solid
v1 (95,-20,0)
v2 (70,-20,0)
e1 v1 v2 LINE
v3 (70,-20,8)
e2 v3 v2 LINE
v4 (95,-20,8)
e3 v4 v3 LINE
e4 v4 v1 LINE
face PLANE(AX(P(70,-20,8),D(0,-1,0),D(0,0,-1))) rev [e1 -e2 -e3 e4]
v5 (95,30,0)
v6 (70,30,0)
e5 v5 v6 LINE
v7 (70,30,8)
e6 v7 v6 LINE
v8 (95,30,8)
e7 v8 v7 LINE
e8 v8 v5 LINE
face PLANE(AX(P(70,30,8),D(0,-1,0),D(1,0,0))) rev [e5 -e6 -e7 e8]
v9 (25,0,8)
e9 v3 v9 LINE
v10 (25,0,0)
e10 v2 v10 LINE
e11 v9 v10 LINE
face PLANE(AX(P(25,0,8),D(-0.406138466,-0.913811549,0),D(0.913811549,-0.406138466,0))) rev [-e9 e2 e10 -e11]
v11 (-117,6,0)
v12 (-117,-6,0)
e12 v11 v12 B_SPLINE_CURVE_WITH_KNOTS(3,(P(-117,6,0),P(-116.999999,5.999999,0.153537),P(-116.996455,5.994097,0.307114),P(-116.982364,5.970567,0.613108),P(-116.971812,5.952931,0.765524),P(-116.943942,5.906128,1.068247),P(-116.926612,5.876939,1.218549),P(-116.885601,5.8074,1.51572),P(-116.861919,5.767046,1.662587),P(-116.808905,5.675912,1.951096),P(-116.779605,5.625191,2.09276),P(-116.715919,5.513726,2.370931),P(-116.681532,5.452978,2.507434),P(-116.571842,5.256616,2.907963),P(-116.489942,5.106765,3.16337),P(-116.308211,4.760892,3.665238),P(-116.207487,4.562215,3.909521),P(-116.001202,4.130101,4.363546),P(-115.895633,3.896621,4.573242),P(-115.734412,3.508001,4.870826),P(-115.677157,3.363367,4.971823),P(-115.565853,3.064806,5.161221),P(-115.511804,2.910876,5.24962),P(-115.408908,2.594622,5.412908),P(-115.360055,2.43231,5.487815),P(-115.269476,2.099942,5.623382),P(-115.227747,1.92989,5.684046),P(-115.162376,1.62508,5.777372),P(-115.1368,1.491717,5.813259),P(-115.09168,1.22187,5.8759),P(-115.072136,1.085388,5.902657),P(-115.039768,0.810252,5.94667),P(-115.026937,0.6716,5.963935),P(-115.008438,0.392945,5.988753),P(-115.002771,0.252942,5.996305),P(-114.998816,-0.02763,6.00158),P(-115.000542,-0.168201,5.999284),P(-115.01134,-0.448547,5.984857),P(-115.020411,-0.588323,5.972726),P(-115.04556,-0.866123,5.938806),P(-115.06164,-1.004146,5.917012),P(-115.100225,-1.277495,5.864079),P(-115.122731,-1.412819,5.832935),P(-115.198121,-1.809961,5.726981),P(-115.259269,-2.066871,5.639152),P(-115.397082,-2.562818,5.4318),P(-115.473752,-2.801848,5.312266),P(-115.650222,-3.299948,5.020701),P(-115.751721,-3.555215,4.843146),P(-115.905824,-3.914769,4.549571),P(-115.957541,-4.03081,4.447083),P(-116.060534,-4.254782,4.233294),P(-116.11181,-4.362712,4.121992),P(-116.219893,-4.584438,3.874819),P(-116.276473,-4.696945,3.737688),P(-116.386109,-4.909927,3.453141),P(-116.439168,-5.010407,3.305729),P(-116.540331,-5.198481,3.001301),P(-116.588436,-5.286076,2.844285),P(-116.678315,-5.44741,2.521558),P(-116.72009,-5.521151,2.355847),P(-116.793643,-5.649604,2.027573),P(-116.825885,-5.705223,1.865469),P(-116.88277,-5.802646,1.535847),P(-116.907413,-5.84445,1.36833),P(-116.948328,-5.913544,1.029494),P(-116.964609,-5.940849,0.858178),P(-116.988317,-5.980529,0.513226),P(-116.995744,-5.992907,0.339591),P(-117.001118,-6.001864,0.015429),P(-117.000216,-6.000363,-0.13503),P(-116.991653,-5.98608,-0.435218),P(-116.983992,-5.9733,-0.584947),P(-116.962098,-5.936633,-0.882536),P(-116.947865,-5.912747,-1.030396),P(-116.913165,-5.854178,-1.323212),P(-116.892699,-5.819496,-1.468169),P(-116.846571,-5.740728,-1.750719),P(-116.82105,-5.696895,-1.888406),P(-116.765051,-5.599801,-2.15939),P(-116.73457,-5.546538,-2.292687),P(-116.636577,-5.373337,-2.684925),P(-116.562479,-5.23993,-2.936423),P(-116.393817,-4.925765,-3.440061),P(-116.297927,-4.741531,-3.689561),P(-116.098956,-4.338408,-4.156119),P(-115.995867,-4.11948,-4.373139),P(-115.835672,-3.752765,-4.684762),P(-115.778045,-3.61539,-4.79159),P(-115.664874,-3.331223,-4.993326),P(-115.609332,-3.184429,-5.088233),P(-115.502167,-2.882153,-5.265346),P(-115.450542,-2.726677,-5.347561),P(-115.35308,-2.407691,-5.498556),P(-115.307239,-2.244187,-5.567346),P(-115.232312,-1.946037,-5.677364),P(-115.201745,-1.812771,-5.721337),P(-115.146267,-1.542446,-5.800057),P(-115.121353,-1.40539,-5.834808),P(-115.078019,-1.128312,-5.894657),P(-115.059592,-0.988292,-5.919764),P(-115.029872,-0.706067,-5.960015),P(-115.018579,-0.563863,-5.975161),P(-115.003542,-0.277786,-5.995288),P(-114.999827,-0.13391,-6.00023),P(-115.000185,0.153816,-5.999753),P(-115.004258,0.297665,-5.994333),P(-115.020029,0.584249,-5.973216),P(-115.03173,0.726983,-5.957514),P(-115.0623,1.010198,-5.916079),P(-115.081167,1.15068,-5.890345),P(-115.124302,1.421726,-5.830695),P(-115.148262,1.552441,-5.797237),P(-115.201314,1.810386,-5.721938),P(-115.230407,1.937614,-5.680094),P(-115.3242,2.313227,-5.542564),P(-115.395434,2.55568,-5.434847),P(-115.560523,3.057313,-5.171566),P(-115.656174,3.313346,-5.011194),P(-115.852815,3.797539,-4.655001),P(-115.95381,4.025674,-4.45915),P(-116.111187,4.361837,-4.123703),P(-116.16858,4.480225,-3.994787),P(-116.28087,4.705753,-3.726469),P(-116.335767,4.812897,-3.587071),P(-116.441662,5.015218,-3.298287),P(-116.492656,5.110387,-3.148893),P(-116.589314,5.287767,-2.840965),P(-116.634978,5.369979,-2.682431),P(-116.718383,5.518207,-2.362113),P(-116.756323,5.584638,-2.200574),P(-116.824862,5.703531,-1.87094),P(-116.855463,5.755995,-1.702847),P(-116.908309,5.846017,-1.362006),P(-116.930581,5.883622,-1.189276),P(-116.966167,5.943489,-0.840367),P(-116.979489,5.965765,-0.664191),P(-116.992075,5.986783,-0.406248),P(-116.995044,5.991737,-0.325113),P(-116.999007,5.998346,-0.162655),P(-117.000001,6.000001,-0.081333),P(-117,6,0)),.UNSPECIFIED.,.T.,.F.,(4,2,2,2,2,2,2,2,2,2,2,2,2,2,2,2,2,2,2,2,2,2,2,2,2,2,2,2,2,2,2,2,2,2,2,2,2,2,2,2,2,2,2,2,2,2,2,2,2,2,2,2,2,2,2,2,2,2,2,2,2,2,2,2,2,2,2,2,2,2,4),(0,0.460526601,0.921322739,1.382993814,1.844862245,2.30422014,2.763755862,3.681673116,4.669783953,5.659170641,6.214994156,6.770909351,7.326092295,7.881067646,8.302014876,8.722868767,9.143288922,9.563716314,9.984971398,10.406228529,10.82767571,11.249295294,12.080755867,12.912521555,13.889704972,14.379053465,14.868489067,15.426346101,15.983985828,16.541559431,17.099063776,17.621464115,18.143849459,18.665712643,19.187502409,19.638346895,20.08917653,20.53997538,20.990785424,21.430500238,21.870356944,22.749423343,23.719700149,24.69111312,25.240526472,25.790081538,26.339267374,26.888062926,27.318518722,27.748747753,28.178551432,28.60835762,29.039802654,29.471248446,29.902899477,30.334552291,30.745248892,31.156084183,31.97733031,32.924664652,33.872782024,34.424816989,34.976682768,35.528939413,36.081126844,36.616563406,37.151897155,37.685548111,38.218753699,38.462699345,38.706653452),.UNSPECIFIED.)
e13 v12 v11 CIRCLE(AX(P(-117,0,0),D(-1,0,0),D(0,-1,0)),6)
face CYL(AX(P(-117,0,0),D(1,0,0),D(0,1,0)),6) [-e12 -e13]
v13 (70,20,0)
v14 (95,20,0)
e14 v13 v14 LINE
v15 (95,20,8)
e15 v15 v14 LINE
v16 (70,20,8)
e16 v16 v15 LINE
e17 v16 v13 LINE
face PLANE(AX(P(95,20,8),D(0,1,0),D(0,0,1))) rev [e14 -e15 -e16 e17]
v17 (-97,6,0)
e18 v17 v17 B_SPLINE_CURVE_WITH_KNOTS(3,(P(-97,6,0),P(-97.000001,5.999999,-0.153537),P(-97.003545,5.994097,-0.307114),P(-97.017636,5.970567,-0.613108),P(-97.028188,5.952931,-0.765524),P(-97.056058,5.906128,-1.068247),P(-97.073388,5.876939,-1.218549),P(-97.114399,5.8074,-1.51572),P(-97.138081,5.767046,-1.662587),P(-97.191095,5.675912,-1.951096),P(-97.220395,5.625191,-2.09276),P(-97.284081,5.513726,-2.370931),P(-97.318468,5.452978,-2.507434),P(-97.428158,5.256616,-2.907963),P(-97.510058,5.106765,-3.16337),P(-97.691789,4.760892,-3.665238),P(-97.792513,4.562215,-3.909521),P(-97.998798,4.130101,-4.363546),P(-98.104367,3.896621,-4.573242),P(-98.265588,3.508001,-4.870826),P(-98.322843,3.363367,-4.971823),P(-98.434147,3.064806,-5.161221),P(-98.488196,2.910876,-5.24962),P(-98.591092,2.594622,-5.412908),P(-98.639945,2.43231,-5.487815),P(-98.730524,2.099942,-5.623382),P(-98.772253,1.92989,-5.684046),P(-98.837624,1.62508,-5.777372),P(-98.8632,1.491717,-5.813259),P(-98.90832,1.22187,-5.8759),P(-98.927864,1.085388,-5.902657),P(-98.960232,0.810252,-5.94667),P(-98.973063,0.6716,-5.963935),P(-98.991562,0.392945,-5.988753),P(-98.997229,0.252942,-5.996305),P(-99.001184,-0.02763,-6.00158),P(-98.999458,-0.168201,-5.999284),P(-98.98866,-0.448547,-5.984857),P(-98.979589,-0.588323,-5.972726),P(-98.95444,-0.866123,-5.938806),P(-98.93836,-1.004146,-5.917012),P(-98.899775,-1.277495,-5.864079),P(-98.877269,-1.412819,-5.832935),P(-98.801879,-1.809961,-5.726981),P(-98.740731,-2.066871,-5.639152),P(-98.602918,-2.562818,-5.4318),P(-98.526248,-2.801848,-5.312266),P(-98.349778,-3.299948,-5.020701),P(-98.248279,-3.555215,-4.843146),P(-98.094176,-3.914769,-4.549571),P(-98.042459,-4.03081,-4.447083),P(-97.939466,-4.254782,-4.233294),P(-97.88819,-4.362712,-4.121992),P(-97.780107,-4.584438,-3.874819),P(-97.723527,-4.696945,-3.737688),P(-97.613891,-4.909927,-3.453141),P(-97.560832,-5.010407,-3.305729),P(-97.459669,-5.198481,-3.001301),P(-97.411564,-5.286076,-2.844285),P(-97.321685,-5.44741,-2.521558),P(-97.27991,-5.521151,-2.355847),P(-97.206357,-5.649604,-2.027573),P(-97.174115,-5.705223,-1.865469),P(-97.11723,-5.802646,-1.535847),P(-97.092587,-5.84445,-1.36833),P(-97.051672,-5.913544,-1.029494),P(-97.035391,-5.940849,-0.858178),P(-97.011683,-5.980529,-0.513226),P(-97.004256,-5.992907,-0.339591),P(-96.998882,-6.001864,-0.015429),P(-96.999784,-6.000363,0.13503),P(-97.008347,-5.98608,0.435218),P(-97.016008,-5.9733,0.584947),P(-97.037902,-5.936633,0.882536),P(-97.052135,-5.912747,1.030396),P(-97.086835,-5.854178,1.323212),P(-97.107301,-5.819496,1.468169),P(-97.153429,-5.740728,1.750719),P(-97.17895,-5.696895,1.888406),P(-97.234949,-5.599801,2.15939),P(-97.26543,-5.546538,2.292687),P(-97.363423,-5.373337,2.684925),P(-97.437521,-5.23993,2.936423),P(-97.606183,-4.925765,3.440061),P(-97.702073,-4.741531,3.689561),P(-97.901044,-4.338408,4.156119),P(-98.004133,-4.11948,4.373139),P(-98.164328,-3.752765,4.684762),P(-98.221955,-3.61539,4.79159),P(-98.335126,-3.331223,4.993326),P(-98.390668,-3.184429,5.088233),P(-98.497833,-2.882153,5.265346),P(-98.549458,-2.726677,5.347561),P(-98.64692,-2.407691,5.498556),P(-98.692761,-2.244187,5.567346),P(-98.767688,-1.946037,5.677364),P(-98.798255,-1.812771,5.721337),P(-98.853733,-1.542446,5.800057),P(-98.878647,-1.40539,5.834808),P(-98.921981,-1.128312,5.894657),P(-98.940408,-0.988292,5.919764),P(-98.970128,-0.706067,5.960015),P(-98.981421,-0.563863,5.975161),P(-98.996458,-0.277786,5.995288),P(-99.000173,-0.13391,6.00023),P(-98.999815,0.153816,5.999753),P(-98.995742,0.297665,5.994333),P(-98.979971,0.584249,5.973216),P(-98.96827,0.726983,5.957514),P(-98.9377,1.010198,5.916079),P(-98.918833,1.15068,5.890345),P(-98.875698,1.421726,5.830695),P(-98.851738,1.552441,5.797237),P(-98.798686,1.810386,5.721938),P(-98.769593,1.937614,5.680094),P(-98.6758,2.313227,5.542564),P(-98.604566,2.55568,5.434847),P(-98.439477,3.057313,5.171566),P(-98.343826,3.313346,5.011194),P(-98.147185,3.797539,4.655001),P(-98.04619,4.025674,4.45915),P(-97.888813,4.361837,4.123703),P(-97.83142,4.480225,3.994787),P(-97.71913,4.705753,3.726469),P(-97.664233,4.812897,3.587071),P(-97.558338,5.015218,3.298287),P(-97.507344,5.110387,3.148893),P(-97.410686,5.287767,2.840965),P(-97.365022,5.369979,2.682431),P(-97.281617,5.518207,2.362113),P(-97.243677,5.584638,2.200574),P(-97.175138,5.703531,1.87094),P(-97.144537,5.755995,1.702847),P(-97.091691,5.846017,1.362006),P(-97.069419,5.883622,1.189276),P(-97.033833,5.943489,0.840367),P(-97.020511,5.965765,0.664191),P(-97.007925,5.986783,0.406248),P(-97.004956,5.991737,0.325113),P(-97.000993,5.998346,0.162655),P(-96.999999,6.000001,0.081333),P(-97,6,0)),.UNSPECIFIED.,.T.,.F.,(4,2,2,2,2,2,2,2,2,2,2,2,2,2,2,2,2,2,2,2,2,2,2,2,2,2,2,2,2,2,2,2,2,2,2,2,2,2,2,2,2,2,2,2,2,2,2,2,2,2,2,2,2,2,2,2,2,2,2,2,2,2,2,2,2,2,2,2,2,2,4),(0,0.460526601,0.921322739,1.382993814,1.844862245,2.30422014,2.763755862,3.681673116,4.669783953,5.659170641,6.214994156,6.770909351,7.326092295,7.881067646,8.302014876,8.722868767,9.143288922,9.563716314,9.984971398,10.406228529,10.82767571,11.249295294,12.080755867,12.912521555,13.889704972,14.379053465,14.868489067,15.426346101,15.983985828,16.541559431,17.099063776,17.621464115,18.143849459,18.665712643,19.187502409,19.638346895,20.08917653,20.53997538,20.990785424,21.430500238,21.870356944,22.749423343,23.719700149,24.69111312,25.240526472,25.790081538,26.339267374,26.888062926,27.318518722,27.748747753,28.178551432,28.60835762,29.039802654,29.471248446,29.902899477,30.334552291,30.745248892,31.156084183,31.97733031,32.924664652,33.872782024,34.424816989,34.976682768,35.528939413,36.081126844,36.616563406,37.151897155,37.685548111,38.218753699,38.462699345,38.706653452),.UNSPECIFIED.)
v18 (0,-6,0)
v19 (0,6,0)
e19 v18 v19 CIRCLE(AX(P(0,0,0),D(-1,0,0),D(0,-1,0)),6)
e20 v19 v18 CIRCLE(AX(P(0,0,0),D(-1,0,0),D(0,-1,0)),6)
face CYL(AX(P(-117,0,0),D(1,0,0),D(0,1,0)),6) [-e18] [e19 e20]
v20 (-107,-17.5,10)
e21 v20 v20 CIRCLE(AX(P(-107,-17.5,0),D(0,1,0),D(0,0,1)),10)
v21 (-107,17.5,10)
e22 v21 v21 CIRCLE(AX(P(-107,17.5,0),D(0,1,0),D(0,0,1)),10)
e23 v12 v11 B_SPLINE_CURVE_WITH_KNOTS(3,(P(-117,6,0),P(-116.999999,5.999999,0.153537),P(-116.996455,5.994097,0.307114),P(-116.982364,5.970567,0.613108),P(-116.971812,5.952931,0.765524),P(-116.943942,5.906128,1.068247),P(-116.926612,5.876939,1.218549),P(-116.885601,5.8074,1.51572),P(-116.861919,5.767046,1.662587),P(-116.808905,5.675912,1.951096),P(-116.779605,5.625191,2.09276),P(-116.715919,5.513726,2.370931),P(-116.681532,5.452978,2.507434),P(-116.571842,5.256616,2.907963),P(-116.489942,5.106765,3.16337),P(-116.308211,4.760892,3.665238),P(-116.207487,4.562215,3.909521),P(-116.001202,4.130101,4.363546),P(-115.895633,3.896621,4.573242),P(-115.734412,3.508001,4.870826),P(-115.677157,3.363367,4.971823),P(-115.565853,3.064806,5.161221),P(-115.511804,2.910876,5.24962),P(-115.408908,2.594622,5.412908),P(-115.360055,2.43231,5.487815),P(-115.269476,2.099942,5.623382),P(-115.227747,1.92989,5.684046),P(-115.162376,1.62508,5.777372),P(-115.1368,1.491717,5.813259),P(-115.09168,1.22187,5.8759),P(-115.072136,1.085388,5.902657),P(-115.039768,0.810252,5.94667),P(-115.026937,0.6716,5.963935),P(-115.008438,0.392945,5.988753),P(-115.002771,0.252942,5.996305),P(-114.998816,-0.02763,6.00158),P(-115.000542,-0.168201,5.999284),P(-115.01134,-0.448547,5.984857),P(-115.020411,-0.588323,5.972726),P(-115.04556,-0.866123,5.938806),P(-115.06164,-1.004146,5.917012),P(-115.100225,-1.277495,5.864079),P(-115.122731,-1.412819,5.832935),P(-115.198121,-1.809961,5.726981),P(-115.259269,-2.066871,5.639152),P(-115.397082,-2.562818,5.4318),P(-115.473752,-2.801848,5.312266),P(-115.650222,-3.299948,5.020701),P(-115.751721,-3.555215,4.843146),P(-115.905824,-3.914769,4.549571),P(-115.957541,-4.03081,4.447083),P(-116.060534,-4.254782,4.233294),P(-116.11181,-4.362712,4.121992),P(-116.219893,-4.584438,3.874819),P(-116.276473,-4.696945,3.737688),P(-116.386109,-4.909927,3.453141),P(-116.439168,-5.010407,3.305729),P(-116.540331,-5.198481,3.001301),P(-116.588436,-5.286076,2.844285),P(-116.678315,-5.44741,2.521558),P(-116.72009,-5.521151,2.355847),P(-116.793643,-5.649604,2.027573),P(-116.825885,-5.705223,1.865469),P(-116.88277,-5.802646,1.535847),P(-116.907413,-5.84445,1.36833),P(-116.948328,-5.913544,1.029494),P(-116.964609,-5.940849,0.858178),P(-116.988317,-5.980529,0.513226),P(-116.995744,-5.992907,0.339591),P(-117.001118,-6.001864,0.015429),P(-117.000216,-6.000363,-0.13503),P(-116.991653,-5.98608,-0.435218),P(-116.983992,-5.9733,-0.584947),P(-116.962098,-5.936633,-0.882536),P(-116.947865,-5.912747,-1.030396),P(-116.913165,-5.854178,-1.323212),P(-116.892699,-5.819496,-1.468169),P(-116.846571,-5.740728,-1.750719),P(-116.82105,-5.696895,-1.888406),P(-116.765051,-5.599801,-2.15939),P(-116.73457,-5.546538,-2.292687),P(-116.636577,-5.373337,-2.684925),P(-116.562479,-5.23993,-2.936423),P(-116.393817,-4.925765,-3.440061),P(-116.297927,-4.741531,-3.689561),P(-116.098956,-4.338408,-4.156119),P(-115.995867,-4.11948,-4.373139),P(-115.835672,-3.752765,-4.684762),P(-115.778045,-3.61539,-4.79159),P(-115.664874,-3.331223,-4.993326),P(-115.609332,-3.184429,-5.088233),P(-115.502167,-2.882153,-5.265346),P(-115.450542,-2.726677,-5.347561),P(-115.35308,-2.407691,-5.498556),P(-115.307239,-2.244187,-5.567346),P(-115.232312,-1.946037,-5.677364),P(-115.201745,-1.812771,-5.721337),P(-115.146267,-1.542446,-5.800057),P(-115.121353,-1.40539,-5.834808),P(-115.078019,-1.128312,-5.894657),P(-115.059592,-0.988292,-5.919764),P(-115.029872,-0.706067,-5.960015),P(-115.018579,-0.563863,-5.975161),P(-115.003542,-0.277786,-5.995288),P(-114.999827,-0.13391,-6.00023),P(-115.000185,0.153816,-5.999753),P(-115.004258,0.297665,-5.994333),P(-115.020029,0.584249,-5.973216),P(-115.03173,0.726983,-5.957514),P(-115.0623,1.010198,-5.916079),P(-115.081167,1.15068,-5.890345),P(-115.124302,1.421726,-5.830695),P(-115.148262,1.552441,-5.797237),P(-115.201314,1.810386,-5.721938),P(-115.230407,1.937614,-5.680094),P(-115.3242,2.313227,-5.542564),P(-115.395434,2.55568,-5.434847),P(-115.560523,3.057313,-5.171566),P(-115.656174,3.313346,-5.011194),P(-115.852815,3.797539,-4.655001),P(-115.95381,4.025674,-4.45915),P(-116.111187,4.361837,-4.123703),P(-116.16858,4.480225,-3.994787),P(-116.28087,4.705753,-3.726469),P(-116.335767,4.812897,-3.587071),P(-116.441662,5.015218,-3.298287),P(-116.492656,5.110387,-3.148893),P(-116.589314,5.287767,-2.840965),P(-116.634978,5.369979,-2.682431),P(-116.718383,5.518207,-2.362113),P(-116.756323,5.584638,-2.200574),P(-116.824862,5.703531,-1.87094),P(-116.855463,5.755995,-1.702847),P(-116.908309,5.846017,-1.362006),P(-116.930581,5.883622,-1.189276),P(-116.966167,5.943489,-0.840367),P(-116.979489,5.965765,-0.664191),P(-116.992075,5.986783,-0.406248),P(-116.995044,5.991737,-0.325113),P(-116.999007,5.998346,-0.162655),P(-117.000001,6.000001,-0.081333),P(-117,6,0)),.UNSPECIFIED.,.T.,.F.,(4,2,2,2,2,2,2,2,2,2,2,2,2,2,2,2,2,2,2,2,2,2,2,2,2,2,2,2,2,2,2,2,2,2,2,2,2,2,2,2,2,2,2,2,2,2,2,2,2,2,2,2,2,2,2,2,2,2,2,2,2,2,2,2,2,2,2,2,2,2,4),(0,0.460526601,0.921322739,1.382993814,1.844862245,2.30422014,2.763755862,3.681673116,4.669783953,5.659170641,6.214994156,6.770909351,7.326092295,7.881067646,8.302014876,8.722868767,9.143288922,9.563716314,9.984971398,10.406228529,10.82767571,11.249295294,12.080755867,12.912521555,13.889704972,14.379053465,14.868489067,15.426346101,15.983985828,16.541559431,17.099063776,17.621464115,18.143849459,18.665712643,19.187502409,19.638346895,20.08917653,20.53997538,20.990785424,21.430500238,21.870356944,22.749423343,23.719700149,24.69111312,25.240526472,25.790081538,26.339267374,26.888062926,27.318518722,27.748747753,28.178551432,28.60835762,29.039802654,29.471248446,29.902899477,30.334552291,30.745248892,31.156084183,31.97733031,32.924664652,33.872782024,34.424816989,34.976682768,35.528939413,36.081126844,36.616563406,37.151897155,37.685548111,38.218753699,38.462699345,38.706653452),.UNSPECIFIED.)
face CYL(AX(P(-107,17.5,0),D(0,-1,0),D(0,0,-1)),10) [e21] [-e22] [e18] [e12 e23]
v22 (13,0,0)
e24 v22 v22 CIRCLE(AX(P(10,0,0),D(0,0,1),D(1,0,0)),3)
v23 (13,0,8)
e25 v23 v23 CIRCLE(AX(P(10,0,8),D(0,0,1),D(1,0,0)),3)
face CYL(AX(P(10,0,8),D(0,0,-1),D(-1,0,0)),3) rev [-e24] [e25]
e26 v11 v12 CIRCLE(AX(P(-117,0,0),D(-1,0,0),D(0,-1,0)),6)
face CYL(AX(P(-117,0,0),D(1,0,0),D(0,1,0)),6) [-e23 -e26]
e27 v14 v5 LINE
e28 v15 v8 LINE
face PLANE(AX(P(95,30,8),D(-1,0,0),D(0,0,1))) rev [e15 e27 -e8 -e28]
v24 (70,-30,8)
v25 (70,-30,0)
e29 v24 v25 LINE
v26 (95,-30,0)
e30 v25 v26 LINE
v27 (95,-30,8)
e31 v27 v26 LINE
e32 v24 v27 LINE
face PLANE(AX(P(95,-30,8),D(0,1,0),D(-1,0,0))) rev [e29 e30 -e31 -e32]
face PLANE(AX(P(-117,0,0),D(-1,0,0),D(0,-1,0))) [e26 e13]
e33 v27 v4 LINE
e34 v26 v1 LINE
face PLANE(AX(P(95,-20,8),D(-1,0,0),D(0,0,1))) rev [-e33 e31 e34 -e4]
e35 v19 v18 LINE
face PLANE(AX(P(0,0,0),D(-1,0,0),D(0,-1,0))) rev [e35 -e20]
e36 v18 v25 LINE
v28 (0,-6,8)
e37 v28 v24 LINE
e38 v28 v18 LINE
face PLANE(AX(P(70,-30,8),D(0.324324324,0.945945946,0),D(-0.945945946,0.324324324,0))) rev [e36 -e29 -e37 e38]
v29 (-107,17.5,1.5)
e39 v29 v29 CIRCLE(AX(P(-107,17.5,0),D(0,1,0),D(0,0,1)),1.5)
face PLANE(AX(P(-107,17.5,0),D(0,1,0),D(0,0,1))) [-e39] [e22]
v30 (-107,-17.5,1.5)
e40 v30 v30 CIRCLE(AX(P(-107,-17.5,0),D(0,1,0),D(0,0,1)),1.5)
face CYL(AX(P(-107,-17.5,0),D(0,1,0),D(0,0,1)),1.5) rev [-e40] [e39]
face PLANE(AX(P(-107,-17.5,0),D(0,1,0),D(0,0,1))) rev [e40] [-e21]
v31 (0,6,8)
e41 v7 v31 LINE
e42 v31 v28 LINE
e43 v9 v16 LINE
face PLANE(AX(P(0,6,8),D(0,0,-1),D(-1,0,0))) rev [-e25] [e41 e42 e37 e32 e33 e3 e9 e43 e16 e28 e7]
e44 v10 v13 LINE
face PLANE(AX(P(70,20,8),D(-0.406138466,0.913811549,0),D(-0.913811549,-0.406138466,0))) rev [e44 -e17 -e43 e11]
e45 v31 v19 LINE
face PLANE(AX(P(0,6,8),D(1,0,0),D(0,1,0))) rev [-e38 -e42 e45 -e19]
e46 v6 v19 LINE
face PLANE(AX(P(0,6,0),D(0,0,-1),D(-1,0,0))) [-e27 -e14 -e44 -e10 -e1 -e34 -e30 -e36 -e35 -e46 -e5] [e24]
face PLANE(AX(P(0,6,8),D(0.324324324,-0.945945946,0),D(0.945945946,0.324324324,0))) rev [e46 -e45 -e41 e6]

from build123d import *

# Parameters (mm, degrees)
ESQUISSE1_R             = 3
BASE_EXTRUSION_DEPTH    = 8
ESQUISSE2_R             = 6
BOSS_EXTRU_1_DEPTH      = 117
ESQUISSE3_R             = 10
BOSS_EXTRU_2_DEPTH      = 17.5
ESQUISSE4_R             = 1.5
ENL_V_MAT_EXTRU_1_DEPTH = 35


with BuildPart() as part:
    # Esquisse1 → Base-Extrusion (new body)
    with BuildSketch(Plane.XY):
        Polygon((0, 6), (0, -6), (70, -30), (95, -30), (95, -20), (70, -20), (25, 0), (70, 20), (95, 20), (95, 30), (70, 30), align=None)
        with Locations((10, 0)):
            Circle(ESQUISSE1_R, mode=Mode.SUBTRACT)
    extrude(amount=BASE_EXTRUSION_DEPTH)

    # Esquisse2 → Boss.-Extru.1 (add)
    with BuildSketch(Plane.ZY):
        with Locations(Location((0, 0, 0), (0, 0, 90))):
            Circle(ESQUISSE2_R)
    extrude(amount=BOSS_EXTRU_1_DEPTH)

    # Esquisse3 → Boss.-Extru.2 (add, symmetric)
    with BuildSketch(Plane(origin=(0, 0, 0), x_dir=(1, 0, 0), z_dir=(0, 1, 0))):
        with Locations(Location((-107, 0, 0), (0, 0, 270))):
            Circle(ESQUISSE3_R)
    extrude(amount=BOSS_EXTRU_2_DEPTH, both=True)

    # Esquisse4 → Enlèv. mat.-Extru.1 (cut)
    with BuildSketch(Plane(origin=(0, 17.5, 0), x_dir=(-1, 0, 0), z_dir=(0, 1, 0))):
        with Locations(Location((107, 0, 0), (0, 0, 90))):
            Circle(ESQUISSE4_R)
    extrude(amount=-ENL_V_MAT_EXTRU_1_DEPTH, mode=Mode.SUBTRACT)


solid = part.part
